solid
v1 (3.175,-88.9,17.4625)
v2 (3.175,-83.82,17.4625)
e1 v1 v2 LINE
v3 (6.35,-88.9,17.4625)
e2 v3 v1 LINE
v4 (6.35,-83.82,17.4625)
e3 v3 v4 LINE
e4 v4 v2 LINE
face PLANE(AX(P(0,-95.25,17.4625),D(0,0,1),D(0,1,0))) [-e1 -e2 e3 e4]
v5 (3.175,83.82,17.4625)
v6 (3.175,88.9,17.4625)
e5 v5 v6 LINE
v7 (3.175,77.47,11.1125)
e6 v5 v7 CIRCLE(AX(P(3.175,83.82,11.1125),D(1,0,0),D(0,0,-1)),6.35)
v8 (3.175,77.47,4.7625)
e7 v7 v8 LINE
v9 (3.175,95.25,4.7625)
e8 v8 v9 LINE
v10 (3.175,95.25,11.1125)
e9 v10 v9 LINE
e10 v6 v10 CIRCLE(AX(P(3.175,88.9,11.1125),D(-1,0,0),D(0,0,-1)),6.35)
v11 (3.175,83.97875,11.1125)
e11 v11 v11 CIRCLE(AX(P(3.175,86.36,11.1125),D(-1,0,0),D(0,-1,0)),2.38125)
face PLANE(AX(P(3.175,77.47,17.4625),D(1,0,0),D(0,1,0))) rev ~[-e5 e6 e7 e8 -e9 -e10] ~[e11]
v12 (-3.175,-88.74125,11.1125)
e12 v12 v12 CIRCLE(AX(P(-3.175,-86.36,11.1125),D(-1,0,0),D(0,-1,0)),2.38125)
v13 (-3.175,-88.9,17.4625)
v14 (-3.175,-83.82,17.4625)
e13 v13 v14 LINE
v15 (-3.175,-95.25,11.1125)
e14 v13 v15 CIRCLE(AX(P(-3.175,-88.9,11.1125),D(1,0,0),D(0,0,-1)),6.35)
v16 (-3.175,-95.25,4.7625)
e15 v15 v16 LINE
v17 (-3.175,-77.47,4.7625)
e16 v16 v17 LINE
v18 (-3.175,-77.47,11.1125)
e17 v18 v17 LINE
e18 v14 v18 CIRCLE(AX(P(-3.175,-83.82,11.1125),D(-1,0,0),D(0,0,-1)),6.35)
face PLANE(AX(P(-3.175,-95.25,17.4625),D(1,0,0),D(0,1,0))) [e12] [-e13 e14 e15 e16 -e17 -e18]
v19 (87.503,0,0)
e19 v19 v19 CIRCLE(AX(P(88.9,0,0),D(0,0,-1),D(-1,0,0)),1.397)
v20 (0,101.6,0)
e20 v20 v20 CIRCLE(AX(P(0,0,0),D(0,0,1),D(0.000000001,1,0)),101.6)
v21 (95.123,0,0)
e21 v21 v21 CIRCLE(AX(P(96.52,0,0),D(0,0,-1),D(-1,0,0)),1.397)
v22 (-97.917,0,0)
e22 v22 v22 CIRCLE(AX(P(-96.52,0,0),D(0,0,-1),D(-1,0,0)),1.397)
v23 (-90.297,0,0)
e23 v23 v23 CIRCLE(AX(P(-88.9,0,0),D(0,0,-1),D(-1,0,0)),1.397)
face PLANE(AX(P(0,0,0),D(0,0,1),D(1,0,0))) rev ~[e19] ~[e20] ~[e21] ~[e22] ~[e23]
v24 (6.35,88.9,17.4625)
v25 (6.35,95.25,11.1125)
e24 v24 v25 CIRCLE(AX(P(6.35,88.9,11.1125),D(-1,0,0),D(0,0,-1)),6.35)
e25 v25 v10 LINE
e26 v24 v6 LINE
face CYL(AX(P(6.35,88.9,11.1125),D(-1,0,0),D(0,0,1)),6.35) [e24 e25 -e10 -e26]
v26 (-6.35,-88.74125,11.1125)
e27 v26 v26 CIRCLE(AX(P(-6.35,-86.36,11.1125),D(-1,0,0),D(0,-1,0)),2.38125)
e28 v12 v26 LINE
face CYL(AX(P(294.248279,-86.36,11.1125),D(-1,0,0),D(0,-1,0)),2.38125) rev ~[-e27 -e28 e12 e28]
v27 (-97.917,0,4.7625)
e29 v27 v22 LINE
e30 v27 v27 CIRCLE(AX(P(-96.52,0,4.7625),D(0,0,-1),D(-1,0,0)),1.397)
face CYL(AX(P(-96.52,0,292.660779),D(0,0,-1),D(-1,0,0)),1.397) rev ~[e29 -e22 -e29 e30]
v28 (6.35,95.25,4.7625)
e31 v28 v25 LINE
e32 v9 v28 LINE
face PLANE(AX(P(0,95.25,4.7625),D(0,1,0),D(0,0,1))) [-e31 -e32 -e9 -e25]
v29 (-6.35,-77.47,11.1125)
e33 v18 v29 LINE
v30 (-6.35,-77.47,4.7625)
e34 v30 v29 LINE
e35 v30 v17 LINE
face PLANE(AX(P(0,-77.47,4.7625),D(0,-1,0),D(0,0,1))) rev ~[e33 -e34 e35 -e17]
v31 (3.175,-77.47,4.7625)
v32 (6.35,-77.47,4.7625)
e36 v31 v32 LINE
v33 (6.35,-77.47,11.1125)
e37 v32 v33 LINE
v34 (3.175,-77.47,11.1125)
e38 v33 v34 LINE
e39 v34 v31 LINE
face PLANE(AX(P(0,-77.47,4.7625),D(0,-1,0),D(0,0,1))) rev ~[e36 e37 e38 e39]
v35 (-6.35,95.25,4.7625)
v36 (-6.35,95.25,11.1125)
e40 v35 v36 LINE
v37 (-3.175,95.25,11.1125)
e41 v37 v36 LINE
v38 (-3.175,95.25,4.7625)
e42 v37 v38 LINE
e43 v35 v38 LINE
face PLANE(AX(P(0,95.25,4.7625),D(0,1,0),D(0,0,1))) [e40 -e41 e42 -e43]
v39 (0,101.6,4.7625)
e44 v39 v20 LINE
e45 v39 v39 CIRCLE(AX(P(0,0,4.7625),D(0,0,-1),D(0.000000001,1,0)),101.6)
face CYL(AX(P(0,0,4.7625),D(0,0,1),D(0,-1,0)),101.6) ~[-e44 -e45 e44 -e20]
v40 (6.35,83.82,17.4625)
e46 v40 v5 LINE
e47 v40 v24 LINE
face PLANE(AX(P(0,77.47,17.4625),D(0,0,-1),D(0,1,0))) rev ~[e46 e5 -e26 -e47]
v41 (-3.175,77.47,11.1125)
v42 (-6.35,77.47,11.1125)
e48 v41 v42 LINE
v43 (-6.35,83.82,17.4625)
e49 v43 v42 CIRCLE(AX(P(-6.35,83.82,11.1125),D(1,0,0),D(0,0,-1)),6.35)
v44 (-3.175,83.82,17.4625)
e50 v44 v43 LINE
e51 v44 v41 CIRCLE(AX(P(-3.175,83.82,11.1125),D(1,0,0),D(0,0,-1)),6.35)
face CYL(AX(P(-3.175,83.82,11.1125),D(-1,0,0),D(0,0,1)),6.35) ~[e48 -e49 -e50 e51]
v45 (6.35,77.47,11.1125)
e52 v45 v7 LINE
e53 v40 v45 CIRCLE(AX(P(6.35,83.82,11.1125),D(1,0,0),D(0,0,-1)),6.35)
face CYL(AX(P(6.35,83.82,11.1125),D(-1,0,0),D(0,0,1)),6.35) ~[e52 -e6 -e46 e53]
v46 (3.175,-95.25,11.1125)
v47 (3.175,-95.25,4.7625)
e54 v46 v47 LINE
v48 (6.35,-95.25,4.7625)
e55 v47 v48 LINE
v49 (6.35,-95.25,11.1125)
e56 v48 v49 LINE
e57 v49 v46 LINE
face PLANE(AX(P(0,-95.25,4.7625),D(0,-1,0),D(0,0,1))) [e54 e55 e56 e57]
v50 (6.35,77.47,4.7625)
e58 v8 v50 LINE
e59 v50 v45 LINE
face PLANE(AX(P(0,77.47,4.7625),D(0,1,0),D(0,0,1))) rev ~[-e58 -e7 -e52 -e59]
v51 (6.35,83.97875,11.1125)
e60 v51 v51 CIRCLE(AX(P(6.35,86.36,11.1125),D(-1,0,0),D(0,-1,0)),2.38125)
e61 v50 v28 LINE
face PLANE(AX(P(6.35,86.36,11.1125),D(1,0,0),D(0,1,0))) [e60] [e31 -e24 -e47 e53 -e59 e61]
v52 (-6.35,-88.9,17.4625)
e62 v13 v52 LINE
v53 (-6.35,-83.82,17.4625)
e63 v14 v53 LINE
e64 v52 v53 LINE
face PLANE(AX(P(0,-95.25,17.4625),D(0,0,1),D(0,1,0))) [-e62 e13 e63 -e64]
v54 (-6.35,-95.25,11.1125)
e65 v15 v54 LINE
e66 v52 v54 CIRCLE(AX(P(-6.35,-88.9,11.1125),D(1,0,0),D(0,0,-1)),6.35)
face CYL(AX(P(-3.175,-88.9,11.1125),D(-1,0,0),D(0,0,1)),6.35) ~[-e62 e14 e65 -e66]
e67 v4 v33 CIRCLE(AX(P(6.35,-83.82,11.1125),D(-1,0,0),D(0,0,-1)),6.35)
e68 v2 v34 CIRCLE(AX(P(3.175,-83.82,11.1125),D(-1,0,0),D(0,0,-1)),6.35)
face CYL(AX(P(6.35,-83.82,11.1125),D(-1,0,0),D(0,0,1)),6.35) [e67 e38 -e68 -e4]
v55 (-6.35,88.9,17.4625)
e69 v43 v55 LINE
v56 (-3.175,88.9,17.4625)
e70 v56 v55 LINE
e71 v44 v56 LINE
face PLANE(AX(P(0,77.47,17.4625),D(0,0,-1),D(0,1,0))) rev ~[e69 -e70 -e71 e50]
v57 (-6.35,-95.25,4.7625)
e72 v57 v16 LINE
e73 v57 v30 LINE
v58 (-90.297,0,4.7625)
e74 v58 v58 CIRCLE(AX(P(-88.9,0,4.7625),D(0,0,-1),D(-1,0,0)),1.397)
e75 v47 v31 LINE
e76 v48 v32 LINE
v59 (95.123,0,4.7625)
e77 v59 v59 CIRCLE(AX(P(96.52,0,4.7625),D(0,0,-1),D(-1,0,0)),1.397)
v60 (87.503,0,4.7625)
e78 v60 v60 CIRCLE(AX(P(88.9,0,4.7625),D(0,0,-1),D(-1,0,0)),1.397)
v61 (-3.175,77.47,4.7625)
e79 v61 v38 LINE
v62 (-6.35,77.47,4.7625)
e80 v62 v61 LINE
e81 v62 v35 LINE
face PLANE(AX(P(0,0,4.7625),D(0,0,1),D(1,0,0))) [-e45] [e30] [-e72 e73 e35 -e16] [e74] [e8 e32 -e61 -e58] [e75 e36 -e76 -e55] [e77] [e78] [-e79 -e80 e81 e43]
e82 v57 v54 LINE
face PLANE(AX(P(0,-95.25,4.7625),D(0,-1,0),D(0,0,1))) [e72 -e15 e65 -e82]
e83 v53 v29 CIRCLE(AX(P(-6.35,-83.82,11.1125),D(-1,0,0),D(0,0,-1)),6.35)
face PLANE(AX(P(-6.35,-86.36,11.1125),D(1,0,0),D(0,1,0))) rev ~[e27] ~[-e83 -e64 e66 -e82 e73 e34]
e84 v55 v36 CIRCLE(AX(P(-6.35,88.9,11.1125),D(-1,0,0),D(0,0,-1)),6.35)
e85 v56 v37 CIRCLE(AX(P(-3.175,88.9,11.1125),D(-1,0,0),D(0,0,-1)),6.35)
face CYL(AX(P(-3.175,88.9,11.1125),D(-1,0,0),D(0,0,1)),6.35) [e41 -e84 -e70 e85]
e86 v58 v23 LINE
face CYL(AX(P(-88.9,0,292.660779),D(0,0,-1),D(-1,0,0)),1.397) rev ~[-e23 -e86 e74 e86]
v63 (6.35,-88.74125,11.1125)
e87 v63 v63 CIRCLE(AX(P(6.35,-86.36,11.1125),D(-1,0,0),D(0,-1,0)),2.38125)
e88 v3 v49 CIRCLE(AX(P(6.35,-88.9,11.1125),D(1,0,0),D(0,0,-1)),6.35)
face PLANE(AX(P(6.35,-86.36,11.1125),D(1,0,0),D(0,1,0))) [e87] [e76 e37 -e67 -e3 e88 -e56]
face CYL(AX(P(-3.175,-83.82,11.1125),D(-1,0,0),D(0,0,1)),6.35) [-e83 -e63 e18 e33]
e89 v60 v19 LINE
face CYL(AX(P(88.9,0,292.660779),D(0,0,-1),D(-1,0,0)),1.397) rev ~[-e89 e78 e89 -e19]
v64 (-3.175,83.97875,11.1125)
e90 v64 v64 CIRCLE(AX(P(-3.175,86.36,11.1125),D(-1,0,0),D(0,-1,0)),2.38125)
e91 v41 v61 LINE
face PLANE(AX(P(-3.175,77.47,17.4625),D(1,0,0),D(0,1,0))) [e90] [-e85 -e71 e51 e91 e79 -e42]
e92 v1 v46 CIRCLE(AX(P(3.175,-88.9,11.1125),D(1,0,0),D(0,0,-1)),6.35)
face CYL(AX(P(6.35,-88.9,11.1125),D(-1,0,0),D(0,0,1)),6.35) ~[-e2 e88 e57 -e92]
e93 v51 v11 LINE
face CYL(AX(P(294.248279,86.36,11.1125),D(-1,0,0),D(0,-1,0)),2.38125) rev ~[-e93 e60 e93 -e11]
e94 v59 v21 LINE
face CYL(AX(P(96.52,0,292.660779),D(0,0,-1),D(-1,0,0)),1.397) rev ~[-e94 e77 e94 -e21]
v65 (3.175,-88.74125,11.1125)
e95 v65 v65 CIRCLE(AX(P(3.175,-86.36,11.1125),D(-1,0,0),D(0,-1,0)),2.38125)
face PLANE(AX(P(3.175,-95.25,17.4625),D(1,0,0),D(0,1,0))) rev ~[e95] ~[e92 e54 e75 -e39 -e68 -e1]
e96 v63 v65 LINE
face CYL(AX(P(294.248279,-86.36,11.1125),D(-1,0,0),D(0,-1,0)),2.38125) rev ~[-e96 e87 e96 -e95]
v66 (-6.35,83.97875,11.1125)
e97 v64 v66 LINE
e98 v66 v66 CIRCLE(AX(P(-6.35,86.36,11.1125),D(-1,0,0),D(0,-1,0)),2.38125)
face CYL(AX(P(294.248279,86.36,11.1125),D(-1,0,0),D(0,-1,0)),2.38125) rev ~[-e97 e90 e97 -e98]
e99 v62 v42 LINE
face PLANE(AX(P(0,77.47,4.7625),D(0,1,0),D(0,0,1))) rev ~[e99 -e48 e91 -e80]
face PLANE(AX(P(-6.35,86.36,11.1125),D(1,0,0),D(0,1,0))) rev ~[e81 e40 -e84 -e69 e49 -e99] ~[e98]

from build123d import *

# Parameters (mm, degrees)
F0_W     = 203.2
F0_H     = 203.2
F1_DEPTH = 4.7625
F2_W     = 17.78
F2_H     = 12.7
F3_DEPTH = 6.35
F4_W     = 6.35
F4_H     = 17.78
F4_W_2   = 3.175
F5_DEPTH = 12.7
F7_D     = 4.7625
F9_DEPTH = 4.7635
F10_R    = 6.35
F12_D    = 2.794


with BuildPart() as f1:
    # F0 (on Top) → F1 (new body)
    with BuildSketch(Plane.XY):
        Rectangle(F0_W, F0_H)
    extrude(amount=F1_DEPTH)

    # F2 (on Right) → F3 (join, symmetric)
    with BuildSketch(Plane.YZ):
        with Locations((-86.36, 11.1125)):
            Rectangle(F2_W, F2_H)
        with Locations((86.36, 11.1125)):
            Rectangle(F2_W, F2_H)
    extrude(amount=F3_DEPTH, both=True)

    # F4 (on face) → F5 (cut, through all)
    with BuildSketch(Plane.XY.offset(17.4625)):
        with Locations((0, -86.36)):
            Rectangle(F4_W, F4_H)
        with Locations((-1.5875, 86.36)):
            Rectangle(F4_W_2, F4_H)
        with Locations((1.5875, 86.36)):
            Rectangle(F4_W_2, F4_H)
    extrude(amount=-F5_DEPTH, mode=Mode.SUBTRACT)

    # F7 (through all)
    with Locations(Plane.YZ.offset(6.35)):
        with Locations((-86.36, 11.1125), (86.36, 11.1125)):
            Hole(F7_D / 2)

    # F8 (on face) → F9 (cut, through all)
    with BuildSketch(Plane.XY.offset(4.7625)):
        with BuildLine():
            Line((-101.6, -101.6), (-3.53e-08, -101.6))
            ThreePointArc((-3.53e-08, -101.6), (-71.842048981, -71.8420489561), (-101.6, 0))
            Line((-101.6, 0), (-101.6, -101.6))
        make_face()
        with BuildLine():
            ThreePointArc((-101.6, 0), (-71.8420489199, 71.8420490172), (1.376e-07, 101.6))
            Line((1.376e-07, 101.6), (-101.6, 101.6))
            Line((-101.6, 101.6), (-101.6, 0))
        make_face()
        with BuildLine():
            ThreePointArc((1.376e-07, 101.6), (71.8420490172, 71.8420489199), (101.6, 0))
            Line((101.6, 0), (101.6, 101.6))
            Line((101.6, 101.6), (1.376e-07, 101.6))
        make_face()
        with BuildLine():
            Line((101.6, -101.6), (101.6, 0))
            ThreePointArc((101.6, 0), (71.8420489561, -71.842048981), (-3.53e-08, -101.6))
            Line((-3.53e-08, -101.6), (101.6, -101.6))
        make_face()
    extrude(amount=-F9_DEPTH, mode=Mode.SUBTRACT)

    # F10
    f10_edges = [f1.edges().sort_by_distance(p)[0] for p in [
        (-4.7625, -95.25, 17.4625),
        (-4.7625, -77.47, 17.4625),
        (-4.7625, 77.47, 17.4625),
        (-4.7625, 95.25, 17.4625),
        (4.7625, 95.25, 17.4625),
        (4.7625, 77.47, 17.4625),
        (4.7625, -95.25, 17.4625),
        (4.7625, -77.47, 17.4625),
    ]]
    fillet(f10_edges, radius=F10_R)

    # F12 (through all)
    with Locations(Plane.XY.offset(4.7625)):
        with Locations((-88.9, 0), (88.9, 0), (-96.52, 0), (96.52, 0)):
            Hole(F12_D / 2)


solid = f1.part
